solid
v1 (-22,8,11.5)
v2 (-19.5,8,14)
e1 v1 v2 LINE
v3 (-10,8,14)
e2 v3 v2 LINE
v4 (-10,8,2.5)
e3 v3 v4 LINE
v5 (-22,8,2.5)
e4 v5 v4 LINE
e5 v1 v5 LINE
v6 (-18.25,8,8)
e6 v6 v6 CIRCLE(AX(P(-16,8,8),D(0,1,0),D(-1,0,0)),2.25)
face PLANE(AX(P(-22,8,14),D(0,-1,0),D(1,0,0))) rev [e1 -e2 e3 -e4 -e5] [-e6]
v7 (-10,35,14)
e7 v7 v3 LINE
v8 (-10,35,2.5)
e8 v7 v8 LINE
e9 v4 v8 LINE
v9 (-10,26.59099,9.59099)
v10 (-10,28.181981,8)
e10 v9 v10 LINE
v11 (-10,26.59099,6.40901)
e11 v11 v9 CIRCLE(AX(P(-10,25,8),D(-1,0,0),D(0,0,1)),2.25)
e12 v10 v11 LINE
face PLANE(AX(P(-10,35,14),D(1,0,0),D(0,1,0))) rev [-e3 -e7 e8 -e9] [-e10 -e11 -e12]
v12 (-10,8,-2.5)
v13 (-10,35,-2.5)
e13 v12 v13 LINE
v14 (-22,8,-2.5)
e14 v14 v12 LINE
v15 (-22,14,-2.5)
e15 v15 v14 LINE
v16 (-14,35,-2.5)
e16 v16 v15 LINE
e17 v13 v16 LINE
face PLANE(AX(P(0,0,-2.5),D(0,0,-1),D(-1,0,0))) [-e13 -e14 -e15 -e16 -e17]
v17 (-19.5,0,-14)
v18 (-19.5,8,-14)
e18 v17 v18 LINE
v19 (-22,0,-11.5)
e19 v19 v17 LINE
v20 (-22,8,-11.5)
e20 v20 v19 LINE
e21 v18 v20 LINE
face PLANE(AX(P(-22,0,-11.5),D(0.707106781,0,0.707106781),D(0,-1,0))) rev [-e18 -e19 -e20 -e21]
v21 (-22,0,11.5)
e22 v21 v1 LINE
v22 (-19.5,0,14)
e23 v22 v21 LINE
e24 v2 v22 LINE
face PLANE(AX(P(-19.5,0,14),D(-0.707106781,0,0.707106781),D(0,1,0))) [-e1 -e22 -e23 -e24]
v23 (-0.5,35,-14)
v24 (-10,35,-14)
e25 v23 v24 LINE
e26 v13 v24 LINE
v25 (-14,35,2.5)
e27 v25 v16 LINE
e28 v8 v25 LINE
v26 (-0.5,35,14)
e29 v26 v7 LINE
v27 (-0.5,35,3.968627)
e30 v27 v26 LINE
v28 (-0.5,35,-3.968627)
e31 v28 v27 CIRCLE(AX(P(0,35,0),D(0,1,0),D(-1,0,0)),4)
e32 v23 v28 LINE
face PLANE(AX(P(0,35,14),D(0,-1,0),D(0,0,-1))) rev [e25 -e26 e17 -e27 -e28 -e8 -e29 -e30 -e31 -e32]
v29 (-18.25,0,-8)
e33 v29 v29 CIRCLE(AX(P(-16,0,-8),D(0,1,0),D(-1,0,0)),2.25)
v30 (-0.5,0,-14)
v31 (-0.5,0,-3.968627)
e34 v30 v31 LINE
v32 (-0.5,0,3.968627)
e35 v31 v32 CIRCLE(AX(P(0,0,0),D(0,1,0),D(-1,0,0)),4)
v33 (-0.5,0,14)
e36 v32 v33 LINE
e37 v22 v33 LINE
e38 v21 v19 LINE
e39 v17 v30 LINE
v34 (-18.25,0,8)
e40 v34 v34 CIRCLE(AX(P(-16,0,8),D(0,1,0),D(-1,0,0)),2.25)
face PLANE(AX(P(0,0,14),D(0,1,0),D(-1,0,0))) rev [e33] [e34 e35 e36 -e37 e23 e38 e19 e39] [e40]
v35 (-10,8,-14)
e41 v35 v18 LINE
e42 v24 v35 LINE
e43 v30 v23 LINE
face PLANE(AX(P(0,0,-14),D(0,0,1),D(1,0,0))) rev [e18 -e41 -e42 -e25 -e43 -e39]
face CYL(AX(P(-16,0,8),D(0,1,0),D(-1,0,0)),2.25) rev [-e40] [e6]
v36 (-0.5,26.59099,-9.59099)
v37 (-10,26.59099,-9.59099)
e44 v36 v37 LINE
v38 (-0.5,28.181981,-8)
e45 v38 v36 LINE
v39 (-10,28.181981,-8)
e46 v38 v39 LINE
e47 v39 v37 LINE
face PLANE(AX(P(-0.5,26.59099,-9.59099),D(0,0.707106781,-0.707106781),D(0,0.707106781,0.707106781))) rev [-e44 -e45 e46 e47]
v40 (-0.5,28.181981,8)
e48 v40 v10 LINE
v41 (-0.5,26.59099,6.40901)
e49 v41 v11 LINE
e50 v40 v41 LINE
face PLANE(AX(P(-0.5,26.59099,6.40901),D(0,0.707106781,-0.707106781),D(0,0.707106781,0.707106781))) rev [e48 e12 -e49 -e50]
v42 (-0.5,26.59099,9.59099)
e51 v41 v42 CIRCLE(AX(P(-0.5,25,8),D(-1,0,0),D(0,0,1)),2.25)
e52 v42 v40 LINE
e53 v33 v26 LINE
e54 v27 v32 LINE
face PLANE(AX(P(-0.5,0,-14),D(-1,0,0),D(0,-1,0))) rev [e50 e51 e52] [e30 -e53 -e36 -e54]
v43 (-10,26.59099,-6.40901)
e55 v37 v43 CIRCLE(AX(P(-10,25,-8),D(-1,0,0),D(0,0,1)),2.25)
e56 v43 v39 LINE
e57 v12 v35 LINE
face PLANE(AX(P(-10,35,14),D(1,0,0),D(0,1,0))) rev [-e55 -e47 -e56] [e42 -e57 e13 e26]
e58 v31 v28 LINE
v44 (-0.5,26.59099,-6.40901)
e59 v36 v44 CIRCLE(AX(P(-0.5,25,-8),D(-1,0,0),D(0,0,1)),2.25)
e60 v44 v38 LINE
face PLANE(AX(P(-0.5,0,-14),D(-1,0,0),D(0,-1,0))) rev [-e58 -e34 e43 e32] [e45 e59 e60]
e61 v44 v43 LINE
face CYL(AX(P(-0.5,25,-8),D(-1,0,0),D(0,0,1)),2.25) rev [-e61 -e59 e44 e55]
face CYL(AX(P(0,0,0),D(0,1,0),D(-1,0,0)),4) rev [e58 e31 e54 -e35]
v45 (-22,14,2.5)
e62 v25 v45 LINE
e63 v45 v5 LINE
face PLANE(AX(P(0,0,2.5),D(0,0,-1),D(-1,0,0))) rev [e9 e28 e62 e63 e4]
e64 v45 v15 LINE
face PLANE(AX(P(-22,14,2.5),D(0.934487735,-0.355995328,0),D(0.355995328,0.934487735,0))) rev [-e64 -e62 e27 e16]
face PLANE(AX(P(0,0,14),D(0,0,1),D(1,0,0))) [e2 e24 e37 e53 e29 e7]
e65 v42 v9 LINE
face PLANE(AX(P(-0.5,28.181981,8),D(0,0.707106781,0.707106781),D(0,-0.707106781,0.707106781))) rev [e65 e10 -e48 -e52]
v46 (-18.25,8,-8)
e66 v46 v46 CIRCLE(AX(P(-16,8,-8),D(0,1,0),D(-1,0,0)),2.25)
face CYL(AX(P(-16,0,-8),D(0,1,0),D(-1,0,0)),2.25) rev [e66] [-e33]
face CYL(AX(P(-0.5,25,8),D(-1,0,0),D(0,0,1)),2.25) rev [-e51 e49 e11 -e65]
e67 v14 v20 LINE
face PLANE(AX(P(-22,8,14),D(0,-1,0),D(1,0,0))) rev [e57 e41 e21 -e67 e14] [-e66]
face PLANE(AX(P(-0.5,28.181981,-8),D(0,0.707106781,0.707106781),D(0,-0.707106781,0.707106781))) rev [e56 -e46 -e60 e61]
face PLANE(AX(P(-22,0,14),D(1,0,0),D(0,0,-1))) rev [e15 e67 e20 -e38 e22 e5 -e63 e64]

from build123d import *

# Parameters (mm, degrees)
BOSS_EXTRUDE1_DEPTH = 14
SKETCH2_R           = 4
CUT_EXTRUDE1_DEPTH  = 44.646305686
SKETCH3_W           = 0.5
SKETCH3_H           = 28
CUT_EXTRUDE2_DEPTH  = 44.646305686
SKETCH4_R           = 2.25
CUT_EXTRUDE3_DEPTH  = 38.536648758
CUT_EXTRUDE4_DEPTH  = 40.56008089
CHAMFER1_SIZE       = 2.5
BOSS_EXTRUDE2_DEPTH = 2.5


with BuildPart() as part:
    # Sketch1 → Boss-Extrude1 (new, symmetric)
    with BuildSketch(Plane.XY):
        Polygon((0, 0), (-22, 0), (-22, 8), (-10, 8), (-10, 35), (0, 35), align=None)
    extrude(amount=BOSS_EXTRUDE1_DEPTH, both=True)

    # Sketch2 → Cut-Extrude1 (cut, through all)
    with BuildSketch(Plane(origin=(0, 35, 0), x_dir=(1, 0, 0), z_dir=(0, 1, 0))):
        Circle(SKETCH2_R)
    extrude(amount=-CUT_EXTRUDE1_DEPTH, mode=Mode.SUBTRACT)

    # Sketch3 → Cut-Extrude2 (cut, through all)
    with BuildSketch(Plane(origin=(0, 35, 0), x_dir=(1, 0, 0), z_dir=(0, 1, 0))):
        with Locations((-0.25, 0)):
            Rectangle(SKETCH3_W, SKETCH3_H)
    extrude(amount=-CUT_EXTRUDE2_DEPTH, mode=Mode.SUBTRACT)

    # Sketch4 → Cut-Extrude3 (cut, through all)
    with BuildSketch(Plane(origin=(0, 8, 0), x_dir=(1, 0, 0), z_dir=(0, 1, 0))):
        with Locations(Location((-16, 8, 0), (0, 0, 180))):
            Circle(SKETCH4_R)
        with Locations(Location((-16, -8, 0), (0, 0, 180))):
            Circle(SKETCH4_R)
    extrude(amount=-CUT_EXTRUDE3_DEPTH, mode=Mode.SUBTRACT)

    # Sketch5 → Cut-Extrude4 (cut, through all)
    with BuildSketch(Plane.ZY.offset(10)):
        with BuildLine():
            Line((6.409009742, 26.590990258), (8, 28.181980515))
            Line((8, 28.181980515), (9.590990258, 26.590990258))
            ThreePointArc((9.590990258, 26.590990258), (8, 22.75), (6.409009742, 26.590990258))
        make_face()
        with BuildLine():
            Line((-9.590990258, 26.590990258), (-8, 28.181980515))
            Line((-8, 28.181980515), (-6.409009742, 26.590990258))
            ThreePointArc((-6.409009742, 26.590990258), (-8, 22.75), (-9.590990258, 26.590990258))
        make_face()
    extrude(amount=-CUT_EXTRUDE4_DEPTH, mode=Mode.SUBTRACT)

    # Chamfer1
    chamfer1_edges = [part.edges().sort_by_distance(p)[0] for p in [
        (-22, 4, 14),
        (-22, 4, -14),
    ]]
    chamfer(chamfer1_edges, length=CHAMFER1_SIZE)

    # Sketch6 → Boss-Extrude2 (add, symmetric)
    with BuildSketch(Plane.XY):
        Polygon((-22, 8), (-22, 14), (-14, 35), (-10, 35), (-10, 8), align=None)
    extrude(amount=BOSS_EXTRUDE2_DEPTH, both=True)


solid = part.part
